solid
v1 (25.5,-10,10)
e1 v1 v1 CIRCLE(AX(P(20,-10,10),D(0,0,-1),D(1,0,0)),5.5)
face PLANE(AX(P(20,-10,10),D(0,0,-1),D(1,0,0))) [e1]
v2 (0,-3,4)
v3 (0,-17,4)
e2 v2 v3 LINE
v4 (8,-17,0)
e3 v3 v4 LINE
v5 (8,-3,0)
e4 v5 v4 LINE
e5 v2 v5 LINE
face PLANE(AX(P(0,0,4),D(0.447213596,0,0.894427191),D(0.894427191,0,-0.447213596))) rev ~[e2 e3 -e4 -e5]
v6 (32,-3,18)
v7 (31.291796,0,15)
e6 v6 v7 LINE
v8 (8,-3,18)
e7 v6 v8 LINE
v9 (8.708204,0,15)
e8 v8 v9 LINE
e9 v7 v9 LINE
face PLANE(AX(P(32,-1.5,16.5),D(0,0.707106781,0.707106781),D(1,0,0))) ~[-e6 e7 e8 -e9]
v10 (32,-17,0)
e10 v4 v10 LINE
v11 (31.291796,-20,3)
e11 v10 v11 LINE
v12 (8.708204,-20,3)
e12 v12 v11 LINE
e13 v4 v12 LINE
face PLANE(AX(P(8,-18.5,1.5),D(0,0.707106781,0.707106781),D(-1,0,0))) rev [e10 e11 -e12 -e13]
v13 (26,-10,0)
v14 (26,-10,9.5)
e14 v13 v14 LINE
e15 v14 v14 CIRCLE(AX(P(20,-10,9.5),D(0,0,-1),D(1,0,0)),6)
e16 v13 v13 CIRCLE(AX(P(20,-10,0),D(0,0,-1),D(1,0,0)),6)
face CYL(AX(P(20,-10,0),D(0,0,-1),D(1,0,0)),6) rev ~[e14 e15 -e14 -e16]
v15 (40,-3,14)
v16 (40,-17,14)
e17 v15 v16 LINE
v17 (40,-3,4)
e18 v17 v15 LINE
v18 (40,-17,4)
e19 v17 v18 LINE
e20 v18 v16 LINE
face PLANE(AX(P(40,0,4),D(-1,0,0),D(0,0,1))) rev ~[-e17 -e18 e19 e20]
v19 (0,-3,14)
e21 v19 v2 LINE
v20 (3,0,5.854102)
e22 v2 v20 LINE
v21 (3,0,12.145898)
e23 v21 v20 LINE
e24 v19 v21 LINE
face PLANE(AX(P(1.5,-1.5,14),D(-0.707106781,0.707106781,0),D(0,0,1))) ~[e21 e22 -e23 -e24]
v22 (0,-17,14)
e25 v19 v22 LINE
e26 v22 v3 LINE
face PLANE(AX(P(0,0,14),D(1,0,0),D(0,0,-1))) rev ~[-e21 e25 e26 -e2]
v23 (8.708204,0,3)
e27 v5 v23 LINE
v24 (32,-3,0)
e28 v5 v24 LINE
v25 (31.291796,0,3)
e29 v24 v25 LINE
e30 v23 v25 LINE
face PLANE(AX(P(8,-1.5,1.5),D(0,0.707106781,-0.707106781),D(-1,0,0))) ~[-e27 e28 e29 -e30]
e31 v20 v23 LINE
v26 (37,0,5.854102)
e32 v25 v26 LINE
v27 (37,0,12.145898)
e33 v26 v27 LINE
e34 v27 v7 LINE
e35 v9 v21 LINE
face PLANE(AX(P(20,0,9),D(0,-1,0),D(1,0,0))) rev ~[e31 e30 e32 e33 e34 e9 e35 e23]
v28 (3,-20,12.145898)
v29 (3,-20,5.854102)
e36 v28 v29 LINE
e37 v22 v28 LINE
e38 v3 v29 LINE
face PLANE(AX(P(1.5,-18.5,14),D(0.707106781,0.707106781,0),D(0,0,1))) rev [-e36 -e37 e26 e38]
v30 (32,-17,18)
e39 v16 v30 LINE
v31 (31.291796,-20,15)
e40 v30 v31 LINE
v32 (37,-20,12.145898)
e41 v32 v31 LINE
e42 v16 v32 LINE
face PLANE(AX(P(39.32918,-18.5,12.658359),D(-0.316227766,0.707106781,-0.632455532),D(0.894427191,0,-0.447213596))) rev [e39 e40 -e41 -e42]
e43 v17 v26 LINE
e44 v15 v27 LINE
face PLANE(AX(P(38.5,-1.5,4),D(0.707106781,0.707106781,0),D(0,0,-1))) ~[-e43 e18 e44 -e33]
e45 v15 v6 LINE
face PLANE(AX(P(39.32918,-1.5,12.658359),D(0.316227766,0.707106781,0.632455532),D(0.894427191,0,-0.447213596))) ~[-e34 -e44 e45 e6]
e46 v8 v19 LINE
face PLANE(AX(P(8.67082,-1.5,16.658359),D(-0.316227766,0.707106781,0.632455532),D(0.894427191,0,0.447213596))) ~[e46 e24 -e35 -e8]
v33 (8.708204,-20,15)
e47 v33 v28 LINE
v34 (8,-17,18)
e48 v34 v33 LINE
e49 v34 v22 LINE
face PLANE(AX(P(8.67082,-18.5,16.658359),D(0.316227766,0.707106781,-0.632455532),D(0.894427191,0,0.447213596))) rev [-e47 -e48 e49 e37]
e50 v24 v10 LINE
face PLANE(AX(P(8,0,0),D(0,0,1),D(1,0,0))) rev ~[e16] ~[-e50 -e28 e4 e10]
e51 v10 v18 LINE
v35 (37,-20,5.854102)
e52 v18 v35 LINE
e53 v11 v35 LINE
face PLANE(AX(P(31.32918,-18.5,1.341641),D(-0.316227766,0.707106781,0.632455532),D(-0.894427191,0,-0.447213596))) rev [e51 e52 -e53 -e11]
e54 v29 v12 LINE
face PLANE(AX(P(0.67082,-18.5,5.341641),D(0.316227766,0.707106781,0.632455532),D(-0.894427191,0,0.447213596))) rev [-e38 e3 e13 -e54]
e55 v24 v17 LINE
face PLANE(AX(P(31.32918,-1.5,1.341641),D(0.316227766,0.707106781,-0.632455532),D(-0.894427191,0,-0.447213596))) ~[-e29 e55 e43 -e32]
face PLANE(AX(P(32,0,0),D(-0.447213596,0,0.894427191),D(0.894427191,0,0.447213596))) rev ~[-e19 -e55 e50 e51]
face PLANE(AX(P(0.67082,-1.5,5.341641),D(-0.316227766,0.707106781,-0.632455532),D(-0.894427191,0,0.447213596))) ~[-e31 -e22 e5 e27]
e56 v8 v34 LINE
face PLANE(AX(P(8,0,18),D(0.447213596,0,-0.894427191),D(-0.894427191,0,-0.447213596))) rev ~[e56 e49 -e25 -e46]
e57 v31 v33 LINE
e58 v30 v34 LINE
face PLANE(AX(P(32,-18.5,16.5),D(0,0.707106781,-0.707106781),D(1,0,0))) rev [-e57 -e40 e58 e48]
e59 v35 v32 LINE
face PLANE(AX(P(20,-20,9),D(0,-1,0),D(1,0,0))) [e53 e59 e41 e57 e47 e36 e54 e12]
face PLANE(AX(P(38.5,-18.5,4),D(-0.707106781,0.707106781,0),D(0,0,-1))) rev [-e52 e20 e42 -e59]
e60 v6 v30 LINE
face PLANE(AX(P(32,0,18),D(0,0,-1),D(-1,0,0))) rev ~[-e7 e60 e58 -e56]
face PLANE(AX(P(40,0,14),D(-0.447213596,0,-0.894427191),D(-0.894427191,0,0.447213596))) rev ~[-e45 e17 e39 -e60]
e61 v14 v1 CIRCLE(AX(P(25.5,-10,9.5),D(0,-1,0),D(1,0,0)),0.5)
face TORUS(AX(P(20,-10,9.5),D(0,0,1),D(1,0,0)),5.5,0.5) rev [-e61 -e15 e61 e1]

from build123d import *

# Parameters (mm, degrees)
F1_DEPTH = 20
F2_SIZE  = 3
F3_R     = 6
F4_DEPTH = 10
F5_R     = 0.5


with BuildPart() as f1:
    # F0 (on Front) → F1 (new body)
    with BuildSketch(Plane.XZ):
        Polygon((0, 4), (8, 0), (32, 0), (40, 4), (40, 14), (32, 18), (8, 18), (0, 14), align=None)
    extrude(amount=F1_DEPTH)

    # F2
    f2_edges = [f1.edges().sort_by_distance(p)[0] for p in [
        (4, -20, 2),
        (20, -20, 0),
        (36, -20, 2),
        (40, -20, 9),
        (36, -20, 16),
        (20, -20, 18),
        (4, -20, 16),
        (0, -20, 9),
        (4, 0, 2),
        (20, 0, 0),
        (36, 0, 2),
        (40, 0, 9),
        (36, 0, 16),
        (20, 0, 18),
        (4, 0, 16),
        (0, 0, 9),
    ]]
    chamfer(f2_edges, length=F2_SIZE)

    # F3 (on face) → F4 (cut)
    with BuildSketch(Plane(origin=(0, 0, 0), x_dir=(1, 0, 0), z_dir=(0, 0, -1))):
        with Locations((20, 10)):
            Circle(F3_R)
    extrude(amount=-F4_DEPTH, mode=Mode.SUBTRACT)

    # F5
    f5_edges = [f1.edges().sort_by_distance(p)[0] for p in [
        (14, -10, 10),
    ]]
    fillet(f5_edges, radius=F5_R)


solid = f1.part
